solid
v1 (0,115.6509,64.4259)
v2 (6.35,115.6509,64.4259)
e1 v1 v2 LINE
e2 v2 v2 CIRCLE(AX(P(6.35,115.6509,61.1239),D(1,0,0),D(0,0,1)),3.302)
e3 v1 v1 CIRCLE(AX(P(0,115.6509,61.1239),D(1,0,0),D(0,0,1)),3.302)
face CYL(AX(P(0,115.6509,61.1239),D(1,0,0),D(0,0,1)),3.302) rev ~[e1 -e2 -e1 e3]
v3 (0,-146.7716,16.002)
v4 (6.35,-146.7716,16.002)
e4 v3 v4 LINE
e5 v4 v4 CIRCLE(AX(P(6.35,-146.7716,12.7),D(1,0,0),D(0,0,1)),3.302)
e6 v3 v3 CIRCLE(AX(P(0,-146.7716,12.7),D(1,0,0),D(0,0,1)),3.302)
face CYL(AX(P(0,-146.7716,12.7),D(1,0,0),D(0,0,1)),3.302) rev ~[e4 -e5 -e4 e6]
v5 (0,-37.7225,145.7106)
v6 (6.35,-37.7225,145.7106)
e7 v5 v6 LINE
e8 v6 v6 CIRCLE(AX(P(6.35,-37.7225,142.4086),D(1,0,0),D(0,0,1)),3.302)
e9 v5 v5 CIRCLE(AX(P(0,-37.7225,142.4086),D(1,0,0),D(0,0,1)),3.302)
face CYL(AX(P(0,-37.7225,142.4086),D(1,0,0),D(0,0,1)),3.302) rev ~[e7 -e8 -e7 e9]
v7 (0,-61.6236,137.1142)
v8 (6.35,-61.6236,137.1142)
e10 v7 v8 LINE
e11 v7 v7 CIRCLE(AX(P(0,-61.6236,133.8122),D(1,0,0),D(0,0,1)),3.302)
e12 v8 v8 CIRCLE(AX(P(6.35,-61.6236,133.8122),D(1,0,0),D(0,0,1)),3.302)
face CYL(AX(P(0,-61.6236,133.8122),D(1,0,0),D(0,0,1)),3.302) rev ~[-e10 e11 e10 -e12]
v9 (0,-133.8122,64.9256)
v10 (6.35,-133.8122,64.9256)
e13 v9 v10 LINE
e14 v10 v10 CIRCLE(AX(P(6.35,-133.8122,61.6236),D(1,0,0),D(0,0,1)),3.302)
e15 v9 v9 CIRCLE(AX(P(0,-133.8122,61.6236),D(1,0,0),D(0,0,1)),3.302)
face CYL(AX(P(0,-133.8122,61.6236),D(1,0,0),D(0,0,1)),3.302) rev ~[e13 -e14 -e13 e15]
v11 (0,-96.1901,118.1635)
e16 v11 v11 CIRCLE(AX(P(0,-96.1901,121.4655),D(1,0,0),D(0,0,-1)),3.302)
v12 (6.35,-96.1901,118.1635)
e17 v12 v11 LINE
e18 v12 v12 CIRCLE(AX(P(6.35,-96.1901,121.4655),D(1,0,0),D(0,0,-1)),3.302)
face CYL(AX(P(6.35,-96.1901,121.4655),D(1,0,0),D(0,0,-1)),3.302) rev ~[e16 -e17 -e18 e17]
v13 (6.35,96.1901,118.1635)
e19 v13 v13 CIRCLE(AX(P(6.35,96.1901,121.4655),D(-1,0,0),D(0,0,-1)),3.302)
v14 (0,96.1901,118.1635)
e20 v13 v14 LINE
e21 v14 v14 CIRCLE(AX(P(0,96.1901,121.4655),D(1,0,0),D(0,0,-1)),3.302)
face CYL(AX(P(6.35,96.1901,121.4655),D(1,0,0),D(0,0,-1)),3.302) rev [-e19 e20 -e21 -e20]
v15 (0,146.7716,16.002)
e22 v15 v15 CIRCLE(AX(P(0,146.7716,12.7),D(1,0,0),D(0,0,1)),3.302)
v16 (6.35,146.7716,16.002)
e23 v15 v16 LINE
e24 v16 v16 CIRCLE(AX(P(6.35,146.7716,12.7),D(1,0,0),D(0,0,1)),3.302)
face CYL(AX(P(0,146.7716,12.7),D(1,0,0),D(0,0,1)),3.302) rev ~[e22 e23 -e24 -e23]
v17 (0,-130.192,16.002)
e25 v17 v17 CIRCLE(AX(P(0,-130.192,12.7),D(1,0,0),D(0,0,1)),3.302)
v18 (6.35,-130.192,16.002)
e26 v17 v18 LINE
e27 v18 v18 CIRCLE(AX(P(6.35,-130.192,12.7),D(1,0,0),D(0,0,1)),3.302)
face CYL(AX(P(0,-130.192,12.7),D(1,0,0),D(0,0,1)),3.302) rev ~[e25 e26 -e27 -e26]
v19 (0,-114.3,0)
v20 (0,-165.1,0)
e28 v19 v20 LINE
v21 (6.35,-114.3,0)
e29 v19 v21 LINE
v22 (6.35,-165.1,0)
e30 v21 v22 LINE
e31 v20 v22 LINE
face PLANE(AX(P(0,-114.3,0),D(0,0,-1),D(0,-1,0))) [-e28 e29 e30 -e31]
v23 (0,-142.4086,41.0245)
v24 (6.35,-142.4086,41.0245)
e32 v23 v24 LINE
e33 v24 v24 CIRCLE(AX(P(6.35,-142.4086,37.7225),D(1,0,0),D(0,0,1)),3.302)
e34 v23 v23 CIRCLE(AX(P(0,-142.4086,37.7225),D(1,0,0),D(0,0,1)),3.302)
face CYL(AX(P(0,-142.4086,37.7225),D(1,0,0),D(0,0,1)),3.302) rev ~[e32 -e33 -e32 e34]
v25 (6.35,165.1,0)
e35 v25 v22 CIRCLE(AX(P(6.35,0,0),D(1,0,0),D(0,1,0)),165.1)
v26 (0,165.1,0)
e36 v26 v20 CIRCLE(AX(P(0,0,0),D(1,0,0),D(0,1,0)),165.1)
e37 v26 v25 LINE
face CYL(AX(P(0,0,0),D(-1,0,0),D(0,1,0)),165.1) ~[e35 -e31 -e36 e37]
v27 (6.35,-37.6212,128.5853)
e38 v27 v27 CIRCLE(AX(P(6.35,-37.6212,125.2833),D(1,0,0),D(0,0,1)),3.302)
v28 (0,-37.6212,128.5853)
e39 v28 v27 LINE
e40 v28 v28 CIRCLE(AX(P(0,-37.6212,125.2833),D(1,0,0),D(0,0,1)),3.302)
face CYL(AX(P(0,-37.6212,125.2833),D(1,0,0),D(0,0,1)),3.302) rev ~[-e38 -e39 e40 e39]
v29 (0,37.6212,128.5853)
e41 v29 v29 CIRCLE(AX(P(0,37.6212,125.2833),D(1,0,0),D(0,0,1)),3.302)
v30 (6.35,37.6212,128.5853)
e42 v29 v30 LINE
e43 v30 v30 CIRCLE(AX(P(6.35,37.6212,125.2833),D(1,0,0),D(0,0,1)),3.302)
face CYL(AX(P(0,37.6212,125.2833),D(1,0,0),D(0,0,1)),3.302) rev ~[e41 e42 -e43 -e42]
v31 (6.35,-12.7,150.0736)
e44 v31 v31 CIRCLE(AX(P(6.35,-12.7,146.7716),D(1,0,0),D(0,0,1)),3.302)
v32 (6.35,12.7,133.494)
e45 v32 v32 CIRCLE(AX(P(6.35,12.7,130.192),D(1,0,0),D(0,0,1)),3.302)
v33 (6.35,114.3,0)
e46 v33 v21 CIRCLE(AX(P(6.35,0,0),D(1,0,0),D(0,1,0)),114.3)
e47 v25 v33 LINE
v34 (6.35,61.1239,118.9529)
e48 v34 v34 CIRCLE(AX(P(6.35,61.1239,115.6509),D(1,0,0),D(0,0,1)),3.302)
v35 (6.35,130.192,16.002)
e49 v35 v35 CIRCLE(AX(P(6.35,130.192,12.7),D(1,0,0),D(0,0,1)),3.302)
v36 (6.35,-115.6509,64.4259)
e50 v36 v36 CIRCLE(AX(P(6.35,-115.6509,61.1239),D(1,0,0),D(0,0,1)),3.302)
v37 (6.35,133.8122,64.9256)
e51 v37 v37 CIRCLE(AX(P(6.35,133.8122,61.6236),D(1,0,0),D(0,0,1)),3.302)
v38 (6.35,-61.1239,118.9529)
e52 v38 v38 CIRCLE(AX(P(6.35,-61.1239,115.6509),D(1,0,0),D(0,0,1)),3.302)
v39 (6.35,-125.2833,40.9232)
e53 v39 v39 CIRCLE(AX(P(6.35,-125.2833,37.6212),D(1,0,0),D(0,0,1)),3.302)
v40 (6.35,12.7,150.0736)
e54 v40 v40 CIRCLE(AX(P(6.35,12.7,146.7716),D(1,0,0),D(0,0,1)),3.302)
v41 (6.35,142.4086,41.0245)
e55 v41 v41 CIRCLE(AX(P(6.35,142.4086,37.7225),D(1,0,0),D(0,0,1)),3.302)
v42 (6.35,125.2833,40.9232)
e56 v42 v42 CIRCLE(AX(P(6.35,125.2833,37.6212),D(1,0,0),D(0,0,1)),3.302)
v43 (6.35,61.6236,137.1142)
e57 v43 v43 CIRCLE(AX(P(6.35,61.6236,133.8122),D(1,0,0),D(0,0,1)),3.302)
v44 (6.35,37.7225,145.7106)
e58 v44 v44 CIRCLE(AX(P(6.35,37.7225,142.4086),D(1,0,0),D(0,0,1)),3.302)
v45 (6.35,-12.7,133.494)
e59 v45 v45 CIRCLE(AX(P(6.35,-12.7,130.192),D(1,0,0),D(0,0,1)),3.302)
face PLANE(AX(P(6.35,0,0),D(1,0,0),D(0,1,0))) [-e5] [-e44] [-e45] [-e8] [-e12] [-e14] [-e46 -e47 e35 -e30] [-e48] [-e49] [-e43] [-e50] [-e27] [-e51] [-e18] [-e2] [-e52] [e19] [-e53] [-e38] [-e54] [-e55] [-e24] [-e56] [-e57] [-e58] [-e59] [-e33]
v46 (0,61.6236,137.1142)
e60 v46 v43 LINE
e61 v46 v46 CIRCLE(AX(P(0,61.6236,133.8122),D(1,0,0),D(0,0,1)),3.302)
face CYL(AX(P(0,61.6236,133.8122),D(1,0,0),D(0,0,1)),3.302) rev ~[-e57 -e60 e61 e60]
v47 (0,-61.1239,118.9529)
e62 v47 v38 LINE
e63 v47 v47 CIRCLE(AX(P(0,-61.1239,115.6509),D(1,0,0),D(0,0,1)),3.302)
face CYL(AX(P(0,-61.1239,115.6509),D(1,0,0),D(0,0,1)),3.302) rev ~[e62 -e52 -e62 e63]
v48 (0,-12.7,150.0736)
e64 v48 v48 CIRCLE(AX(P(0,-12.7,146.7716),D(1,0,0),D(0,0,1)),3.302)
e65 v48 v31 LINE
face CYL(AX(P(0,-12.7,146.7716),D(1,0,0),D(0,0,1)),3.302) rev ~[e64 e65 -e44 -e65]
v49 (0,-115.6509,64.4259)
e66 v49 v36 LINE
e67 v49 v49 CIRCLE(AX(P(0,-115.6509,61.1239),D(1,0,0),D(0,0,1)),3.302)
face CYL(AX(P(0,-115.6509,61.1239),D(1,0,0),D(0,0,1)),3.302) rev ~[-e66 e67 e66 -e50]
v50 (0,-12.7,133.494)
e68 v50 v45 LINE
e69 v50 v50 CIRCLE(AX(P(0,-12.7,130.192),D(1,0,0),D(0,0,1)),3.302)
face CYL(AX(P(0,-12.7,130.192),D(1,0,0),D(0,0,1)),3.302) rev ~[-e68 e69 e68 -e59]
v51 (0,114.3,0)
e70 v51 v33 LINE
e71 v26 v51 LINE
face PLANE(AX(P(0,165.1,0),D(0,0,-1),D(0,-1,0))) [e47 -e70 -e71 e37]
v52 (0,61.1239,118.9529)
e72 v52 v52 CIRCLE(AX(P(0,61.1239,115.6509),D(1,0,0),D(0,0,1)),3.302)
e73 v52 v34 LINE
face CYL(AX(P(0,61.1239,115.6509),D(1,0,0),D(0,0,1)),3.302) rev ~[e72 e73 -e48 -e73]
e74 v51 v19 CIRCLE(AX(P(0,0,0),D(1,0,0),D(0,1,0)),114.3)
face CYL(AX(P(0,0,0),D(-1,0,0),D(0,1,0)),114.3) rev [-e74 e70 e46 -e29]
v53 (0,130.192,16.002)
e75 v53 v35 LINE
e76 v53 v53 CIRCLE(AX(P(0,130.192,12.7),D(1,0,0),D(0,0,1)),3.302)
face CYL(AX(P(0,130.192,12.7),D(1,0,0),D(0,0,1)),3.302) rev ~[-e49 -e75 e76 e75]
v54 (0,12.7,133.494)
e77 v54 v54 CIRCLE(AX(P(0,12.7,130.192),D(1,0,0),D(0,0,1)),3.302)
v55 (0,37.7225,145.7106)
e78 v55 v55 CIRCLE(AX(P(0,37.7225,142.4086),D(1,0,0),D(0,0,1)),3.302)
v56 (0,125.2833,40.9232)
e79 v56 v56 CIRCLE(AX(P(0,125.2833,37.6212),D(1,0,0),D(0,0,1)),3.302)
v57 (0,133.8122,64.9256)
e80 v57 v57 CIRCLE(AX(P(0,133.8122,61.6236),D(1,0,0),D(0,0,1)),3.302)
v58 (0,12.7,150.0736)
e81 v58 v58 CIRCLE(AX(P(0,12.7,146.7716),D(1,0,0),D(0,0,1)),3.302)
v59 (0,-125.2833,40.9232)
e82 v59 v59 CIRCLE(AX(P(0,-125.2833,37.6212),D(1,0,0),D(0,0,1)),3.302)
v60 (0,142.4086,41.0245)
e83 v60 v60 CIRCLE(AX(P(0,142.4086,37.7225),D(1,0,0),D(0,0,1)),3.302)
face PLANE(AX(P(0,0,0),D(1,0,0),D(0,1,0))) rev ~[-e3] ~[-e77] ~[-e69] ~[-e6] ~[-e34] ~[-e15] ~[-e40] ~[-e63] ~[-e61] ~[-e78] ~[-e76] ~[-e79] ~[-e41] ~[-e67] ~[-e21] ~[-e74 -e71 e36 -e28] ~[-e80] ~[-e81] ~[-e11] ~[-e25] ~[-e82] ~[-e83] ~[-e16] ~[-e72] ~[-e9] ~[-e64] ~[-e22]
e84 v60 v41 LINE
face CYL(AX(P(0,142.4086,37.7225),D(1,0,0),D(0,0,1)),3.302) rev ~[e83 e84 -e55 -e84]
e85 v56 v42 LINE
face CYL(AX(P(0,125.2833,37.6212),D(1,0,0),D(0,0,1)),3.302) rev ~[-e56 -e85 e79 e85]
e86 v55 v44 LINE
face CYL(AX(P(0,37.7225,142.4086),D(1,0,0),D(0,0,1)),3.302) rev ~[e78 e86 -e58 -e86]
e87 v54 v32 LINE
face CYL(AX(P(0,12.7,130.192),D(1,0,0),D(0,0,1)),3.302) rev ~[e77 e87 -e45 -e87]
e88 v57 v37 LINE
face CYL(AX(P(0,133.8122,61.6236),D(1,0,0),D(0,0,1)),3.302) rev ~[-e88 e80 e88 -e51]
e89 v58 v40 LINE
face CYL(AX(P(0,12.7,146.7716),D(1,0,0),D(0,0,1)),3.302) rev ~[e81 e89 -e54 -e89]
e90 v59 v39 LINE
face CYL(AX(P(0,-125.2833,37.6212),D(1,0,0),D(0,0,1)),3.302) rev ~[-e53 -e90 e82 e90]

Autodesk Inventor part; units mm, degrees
ref_plane "YZ Plane" through (0, 0, 0) normal (1, 0, 0) x (0, 1, 0)
ref_plane "XZ Plane" through (0, 0, 0) normal (0, 1, 0) x (-1, 0, 0)
sketch "Sketch1" plane through (0, 0, 0) normal (1, 0, 0) x (0, 1, 0)
  arc A0 (165.1, 0) -> (-165.1, 0) centre (0, 0) ccw
  arc A1 (114.3, 0) -> (-114.3, 0) centre (0, 0) ccw
  line L0 (165.1, 0) -> (114.3, 0)
  line L1 (-114.3, 0) -> (-165.1, 0)
  circle A2 centre (0, 0) radius 130.81 construction
  circle A3 centre (0, 0) radius 147.32 construction
  line L2 (0, 0) -> (167.0124, 167.0124) construction
  line L3 (0, 0) -> (-143.9917, 143.9917) construction
  line L4 (0, 0) -> (0, 334.0248) construction
  point P0 (146.7716, 12.7)
  point P1 (142.4086, 37.7225)
  point P2 (130.192, 12.7)
  point P3 (125.2833, 37.6212)
  point P4 (133.8122, 61.6236)
  point P5 (115.6509, 61.1239)
  point P6 (12.7, 146.7716)
  point P7 (37.7225, 142.4086)
  point P8 (12.7, 130.192)
  point P9 (37.6212, 125.2833)
  point P10 (61.6236, 133.8122)
  point P11 (61.1239, 115.6509)
  point P12 (-146.7716, 12.7)
  point P13 (-142.4086, 37.7225)
  point P14 (-130.192, 12.7)
  point P15 (-125.2833, 37.6212)
  point P16 (-133.8122, 61.6236)
  point P17 (-115.6509, 61.1239)
  point P18 (-61.6236, 133.8122)
  point P19 (-37.7225, 142.4086)
  point P20 (-12.7, 146.7716)
  point P21 (-12.7, 130.192)
  point P22 (-37.6212, 125.2833)
  point P23 (-61.1239, 115.6509)
  dimension "d1" = 228.6
  dimension "d2" = 50.8
  dimension "d3" = 261.62
  dimension "d4" = 330.2
  dimension "d5" = 294.64
  dimension "d6" = 25.4
  dimension "d7" = 25.4
  dimension "d8" = 12.7
  dimension "d9" = 12.7
  dimension "d10" = 25.4
  dimension "d11" = 25.4
  dimension "d12" = 45
  dimension "d13" = 45
extrude "Extrusion1" add sketch "Sketch1" along normal blind 6.35
hole "Hole1" at (0, 146.7716, 12.7) at (0, 142.4086, 37.7225) at (0, 130.192, 12.7) at (0, 125.2833, 37.6212) at (0, 133.8122, 61.6236) at (0, 115.6509, 61.1239) at (0, 61.6236, 133.8122) at (0, 37.7225, 142.4086) at (0, 12.7, 146.7716) at (0, 12.7, 130.192) at (0, 37.6212, 125.2833) at (0, 61.1239, 115.6509) at (0, -61.6236, 133.8122) at (0, -61.1239, 115.6509) at (0, -37.7225, 142.4086) at (0, -37.6212, 125.2833) at (0, -12.7, 146.7716) at (0, -12.7, 130.192) at (0, -115.6509, 61.1239) at (0, -133.8122, 61.6236) at (0, -142.4086, 37.7225) at (0, -125.2833, 37.6212) at (0, -146.7716, 12.7) at (0, -130.192, 12.7) direction (1, 0, 0) diameter 6.604 end through all
sketch "Sketch2" plane through (6.35, 0, 0) normal (1, 0, 0) x (0, 0, -1)
  circle A0 centre (-121.4655, -96.1901) radius 3.302 projected
  point P0 (0, 0)
extrude "Extrusion2" cut sketch "Sketch2" against normal blind 25.4
ref_plane "Work Plane1" through (6.35, 0, 177.8) normal (0, 1, 0) x (1, 0, 0)
mirror "Mirror1" about plane through (6.35, 0, 177.8) normal (0, 1, 0) of "Extrusion2"
properties part number "13in inner coil" material "Copper"
